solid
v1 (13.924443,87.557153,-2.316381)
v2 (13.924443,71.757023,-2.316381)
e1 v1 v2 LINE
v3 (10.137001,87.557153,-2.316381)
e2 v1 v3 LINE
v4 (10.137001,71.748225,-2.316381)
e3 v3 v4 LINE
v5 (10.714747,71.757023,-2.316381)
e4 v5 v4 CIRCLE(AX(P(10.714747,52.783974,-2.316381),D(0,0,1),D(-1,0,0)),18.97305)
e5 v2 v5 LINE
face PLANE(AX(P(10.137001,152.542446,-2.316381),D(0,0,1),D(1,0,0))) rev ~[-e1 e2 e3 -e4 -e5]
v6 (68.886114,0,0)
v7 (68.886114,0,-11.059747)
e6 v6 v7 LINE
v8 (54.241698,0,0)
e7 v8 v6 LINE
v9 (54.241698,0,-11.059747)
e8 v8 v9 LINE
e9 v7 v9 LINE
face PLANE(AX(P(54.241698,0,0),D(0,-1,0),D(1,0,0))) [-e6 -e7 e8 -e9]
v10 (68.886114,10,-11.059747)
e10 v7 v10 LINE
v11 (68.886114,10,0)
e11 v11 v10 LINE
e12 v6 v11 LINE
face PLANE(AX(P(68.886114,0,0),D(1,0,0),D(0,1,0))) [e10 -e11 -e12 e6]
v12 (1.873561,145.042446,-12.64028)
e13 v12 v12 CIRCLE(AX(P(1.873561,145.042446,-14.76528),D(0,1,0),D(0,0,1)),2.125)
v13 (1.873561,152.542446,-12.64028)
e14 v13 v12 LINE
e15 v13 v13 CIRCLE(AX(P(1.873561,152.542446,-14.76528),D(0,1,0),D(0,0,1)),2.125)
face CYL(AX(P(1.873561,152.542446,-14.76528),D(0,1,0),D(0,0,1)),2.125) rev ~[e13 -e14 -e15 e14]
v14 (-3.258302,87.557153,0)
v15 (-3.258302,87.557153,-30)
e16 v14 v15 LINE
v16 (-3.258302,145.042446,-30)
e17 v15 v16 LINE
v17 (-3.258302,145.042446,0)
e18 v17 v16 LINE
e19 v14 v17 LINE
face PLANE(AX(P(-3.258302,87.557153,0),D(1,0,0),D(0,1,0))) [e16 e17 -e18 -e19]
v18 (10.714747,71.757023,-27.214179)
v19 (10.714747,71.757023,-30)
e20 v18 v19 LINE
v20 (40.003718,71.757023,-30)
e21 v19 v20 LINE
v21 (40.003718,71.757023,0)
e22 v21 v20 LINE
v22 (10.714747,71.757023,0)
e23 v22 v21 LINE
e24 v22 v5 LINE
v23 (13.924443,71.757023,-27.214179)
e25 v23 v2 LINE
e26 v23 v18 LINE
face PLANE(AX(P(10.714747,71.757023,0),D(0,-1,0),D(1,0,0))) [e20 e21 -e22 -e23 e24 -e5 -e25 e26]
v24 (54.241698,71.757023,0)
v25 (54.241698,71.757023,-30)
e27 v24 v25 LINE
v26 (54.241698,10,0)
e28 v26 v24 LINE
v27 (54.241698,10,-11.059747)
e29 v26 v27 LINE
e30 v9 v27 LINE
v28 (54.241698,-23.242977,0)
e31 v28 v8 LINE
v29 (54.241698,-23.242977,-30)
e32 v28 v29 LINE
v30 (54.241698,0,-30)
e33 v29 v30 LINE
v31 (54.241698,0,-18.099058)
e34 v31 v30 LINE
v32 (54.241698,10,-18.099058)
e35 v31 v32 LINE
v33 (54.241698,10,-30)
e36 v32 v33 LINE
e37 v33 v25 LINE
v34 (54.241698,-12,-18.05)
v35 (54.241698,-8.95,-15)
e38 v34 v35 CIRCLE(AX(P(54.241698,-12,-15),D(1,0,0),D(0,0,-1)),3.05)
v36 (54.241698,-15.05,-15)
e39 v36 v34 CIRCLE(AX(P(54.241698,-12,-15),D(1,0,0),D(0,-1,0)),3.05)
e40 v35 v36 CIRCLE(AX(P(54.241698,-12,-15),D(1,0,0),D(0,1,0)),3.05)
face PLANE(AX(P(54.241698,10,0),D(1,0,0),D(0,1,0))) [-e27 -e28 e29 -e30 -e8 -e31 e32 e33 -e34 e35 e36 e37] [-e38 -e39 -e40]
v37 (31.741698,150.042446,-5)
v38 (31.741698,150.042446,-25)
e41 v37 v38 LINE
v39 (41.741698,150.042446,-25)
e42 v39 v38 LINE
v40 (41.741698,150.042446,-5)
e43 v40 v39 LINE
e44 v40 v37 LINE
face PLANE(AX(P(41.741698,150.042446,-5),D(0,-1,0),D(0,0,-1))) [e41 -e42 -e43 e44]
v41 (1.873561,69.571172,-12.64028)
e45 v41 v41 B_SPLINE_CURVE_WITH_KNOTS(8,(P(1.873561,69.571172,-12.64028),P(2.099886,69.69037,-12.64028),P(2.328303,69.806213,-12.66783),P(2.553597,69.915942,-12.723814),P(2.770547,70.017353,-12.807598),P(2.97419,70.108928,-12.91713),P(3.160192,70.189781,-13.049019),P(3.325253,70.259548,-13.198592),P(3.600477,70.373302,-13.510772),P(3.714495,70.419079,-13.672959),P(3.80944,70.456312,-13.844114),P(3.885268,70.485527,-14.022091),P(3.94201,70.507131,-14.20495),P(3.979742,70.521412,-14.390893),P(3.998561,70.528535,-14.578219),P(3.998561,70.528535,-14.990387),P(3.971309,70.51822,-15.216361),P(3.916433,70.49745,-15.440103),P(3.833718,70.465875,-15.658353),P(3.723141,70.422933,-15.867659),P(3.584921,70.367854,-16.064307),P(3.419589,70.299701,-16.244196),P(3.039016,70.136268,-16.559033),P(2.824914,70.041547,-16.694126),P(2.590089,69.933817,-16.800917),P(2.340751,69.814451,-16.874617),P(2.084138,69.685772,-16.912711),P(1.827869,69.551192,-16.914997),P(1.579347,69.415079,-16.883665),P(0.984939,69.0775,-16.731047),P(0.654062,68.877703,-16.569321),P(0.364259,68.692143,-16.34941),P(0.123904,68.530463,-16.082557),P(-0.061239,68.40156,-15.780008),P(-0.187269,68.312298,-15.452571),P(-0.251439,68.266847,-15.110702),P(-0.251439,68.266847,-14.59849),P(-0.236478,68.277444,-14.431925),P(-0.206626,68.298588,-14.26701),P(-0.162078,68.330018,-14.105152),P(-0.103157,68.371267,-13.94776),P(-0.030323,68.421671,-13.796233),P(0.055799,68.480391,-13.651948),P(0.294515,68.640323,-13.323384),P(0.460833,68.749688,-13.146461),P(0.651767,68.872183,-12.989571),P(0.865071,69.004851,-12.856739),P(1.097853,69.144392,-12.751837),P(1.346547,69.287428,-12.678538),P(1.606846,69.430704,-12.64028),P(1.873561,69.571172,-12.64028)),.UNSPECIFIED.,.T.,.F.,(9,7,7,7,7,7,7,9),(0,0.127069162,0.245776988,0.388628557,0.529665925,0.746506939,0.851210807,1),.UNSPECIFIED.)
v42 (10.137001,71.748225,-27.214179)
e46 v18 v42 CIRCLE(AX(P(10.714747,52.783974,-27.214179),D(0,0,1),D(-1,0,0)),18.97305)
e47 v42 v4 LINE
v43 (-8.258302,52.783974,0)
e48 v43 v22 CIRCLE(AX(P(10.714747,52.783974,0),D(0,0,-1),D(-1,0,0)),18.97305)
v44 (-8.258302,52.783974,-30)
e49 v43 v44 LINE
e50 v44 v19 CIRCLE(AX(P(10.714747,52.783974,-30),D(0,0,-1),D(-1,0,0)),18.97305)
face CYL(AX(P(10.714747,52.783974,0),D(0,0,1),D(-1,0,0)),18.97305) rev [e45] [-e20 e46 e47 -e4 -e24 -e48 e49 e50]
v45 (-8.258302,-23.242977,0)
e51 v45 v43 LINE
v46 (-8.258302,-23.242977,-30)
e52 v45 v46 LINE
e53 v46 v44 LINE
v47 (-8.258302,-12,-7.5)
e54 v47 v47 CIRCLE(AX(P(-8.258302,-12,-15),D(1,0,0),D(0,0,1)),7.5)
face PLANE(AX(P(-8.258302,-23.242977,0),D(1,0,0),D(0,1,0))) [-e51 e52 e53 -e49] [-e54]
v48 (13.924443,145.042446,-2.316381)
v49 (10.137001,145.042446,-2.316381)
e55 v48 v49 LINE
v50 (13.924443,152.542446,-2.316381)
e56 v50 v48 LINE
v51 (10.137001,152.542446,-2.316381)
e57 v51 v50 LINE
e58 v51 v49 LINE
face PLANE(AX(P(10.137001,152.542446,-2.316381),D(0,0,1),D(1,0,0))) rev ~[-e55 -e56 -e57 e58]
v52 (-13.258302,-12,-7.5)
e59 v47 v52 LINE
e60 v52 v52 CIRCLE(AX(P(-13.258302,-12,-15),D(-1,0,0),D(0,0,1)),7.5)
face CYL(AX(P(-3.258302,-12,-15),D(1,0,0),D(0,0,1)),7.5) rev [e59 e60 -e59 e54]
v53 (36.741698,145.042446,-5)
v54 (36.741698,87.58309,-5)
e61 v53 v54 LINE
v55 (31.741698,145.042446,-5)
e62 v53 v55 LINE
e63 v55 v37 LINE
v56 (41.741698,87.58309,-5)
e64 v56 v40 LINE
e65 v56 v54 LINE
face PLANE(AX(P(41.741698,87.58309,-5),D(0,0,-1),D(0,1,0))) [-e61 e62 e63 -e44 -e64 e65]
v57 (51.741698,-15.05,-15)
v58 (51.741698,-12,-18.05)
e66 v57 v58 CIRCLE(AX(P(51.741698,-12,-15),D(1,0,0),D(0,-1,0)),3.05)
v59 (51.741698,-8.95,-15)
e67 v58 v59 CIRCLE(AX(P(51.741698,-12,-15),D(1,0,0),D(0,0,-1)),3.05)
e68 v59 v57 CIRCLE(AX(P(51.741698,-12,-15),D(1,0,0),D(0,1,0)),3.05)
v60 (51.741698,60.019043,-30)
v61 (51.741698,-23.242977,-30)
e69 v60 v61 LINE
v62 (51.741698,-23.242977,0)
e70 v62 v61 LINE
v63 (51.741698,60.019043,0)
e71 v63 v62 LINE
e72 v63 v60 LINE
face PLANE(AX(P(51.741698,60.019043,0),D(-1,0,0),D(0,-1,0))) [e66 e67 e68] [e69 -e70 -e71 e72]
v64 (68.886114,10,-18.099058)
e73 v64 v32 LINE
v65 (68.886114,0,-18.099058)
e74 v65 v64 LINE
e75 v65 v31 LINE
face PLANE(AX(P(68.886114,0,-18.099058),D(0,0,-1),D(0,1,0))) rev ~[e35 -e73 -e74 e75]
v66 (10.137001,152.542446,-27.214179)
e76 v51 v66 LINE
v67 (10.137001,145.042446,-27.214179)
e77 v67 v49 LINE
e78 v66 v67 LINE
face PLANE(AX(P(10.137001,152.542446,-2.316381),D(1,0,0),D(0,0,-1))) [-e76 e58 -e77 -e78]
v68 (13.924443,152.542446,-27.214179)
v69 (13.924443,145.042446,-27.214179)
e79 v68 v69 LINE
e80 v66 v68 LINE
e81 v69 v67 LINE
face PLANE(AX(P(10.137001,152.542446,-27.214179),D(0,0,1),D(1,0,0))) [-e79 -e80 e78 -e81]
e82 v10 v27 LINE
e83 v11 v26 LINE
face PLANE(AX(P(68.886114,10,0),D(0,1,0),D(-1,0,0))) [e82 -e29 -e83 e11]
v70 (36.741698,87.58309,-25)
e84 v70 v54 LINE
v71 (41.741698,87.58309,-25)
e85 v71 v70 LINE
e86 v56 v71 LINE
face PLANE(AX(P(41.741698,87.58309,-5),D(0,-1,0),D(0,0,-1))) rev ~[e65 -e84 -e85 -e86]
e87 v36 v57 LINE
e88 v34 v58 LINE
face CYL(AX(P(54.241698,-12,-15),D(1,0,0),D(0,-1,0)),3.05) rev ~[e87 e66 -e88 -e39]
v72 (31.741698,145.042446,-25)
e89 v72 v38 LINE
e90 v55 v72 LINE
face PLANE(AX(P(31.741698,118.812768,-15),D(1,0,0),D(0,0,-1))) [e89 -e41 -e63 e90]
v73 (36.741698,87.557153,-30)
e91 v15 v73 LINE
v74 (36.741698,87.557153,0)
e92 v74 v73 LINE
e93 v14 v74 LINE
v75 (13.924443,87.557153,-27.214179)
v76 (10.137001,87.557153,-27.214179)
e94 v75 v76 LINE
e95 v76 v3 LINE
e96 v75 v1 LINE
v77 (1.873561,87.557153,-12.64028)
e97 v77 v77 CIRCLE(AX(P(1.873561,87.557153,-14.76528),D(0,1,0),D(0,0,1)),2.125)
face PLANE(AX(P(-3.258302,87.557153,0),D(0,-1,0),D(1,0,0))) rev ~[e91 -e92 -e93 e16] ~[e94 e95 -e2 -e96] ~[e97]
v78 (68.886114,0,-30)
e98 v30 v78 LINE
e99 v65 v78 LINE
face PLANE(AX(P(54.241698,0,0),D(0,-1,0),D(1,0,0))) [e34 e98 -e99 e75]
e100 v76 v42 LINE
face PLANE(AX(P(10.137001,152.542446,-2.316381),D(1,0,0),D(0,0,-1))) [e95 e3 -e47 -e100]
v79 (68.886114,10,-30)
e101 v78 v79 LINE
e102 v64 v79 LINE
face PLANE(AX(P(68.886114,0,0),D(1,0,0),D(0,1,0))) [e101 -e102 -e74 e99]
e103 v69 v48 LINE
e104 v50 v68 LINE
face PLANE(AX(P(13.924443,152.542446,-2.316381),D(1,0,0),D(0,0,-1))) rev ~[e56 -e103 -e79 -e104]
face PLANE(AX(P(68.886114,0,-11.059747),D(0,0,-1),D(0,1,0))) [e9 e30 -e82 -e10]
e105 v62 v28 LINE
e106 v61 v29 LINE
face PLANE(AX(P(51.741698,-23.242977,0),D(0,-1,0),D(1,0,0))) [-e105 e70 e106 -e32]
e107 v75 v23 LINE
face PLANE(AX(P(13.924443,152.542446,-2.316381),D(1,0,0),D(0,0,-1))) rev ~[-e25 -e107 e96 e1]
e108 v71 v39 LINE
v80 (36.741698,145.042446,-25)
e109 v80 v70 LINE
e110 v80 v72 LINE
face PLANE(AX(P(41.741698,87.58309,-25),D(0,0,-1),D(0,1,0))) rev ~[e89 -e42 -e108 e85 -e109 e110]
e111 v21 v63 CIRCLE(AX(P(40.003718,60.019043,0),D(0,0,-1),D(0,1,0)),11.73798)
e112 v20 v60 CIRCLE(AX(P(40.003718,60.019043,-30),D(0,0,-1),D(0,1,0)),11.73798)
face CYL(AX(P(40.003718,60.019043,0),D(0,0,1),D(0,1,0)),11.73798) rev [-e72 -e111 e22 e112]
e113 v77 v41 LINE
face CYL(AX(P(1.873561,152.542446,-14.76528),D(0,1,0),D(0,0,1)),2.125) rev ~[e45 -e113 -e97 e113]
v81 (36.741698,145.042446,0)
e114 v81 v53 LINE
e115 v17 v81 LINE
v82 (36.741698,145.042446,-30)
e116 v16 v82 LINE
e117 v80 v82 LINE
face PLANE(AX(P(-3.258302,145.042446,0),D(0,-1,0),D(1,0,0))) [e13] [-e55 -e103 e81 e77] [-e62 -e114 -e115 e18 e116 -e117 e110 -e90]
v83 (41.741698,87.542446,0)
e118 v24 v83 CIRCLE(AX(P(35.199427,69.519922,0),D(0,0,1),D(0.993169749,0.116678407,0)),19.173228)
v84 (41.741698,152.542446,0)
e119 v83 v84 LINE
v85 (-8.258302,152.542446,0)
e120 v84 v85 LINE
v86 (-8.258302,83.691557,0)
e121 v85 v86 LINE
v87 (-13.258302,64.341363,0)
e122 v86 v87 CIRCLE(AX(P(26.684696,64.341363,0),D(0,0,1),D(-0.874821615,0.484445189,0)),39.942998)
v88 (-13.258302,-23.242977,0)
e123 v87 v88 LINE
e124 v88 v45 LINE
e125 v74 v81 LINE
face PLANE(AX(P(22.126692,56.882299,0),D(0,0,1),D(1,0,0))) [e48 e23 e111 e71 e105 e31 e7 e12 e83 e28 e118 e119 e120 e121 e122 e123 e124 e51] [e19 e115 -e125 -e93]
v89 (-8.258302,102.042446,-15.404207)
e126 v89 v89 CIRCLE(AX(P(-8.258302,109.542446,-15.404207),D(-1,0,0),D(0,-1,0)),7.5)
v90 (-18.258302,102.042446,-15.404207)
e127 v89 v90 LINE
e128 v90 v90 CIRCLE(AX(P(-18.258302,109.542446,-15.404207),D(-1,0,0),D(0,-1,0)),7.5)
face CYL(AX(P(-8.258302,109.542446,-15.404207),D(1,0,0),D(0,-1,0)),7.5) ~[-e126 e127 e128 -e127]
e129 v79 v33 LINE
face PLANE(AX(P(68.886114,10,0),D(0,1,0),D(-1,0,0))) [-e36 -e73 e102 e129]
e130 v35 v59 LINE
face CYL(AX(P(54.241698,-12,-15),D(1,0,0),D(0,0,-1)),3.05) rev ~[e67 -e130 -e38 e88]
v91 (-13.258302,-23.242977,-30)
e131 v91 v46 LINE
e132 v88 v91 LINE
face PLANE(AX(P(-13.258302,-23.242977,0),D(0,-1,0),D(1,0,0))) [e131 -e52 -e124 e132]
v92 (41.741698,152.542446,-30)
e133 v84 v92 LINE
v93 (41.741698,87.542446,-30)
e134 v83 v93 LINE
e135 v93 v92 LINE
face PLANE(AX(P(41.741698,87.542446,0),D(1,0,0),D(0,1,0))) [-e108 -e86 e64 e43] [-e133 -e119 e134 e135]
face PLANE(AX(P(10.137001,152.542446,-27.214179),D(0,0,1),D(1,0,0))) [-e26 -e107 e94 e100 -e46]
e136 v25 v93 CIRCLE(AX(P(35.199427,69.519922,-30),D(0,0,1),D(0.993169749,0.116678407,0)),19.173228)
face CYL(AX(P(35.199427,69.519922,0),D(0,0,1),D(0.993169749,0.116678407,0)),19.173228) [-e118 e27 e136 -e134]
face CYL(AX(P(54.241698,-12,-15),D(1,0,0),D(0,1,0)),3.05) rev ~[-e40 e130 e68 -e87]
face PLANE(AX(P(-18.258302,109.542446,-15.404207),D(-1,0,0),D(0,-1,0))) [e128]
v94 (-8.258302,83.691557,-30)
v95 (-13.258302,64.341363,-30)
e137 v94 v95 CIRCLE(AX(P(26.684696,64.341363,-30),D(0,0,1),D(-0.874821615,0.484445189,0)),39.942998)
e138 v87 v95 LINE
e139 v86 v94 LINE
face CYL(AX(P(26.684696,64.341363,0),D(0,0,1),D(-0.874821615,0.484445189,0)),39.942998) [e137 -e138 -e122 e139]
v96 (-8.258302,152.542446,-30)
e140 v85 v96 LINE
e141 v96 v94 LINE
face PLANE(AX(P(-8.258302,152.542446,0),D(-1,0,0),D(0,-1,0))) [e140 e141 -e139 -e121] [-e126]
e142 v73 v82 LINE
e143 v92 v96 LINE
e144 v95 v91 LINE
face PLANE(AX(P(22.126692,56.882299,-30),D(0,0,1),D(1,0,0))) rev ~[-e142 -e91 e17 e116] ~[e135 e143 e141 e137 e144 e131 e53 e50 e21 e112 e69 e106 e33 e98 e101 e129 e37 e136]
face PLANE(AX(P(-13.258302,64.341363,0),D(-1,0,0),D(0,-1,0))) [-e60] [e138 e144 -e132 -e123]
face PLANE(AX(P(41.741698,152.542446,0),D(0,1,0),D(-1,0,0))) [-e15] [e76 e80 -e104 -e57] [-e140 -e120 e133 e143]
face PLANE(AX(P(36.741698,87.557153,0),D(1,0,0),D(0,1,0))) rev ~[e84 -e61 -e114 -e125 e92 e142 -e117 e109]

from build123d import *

# Parameters (mm, degrees)
BOSS_EXTRUDE1_DEPTH = 30
SKETCH8_W           = 20
SKETCH8_H           = 62.459356161
CUT_EXTRUDE10_DEPTH = 10
SKETCH9_W           = 40
SKETCH9_H           = 57.485293174
CUT_EXTRUDE11_DEPTH = 171.042625644
SKETCH10_W          = 3.787442447
SKETCH10_H          = 24.89779836
CUT_EXTRUDE12_DEPTH = 192.169588314
SKETCH11_R          = 7.5
BOSS_EXTRUDE3_DEPTH = 10
SKETCH13_W          = 7.039311569
SKETCH13_H          = 10
CUT_EXTRUDE13_DEPTH = 14.644416288
CUT_EXTRUDE14_DEPTH = 10
CUT_EXTRUDE15_START = -10
SKETCH15_R          = 7.5
SKETCH15_R_2        = 3.05
CUT_EXTRUDE15_DEPTH = 10
SKETCH16_R          = 2.125
CUT_EXTRUDE16_DEPTH = 192.169588314


with BuildPart() as part:
    # Sketch1 → Boss-Extrude1 (new body)
    with BuildSketch(Plane.XY):
        with BuildLine():
            Line((-13.258302459, -23.24297657), (-8.258302459, -23.24297657))
            Line((-8.258302459, -23.24297657), (-8.258302459, 52.783973791))
            ThreePointArc((-8.258302459, 52.783973791), (-2.701224879, 66.199945851), (10.714747181, 71.75702343))
            Line((10.714747181, 71.75702343), (40.003717522, 71.75702343))
            ThreePointArc((40.003717522, 71.75702343), (48.303722791, 68.31904868), (51.741697541, 60.019043411))
            Line((51.741697541, 60.019043411), (51.741697541, -23.24297657))
            Line((51.741697541, -23.24297657), (54.241697541, -23.24297657))
            Line((54.241697541, -23.24297657), (54.241697541, 0))
            Line((54.241697541, 0), (68.88611383, 0))
            Line((68.88611383, 0), (68.88611383, 10))
            Line((68.88611383, 10), (54.241697541, 10))
            Line((54.241697541, 10), (54.241697541, 71.75702343))
            ThreePointArc((54.241697541, 71.75702343), (50.23063048, 81.422678209), (41.741697541, 87.542446084))
            Line((41.741697541, 87.542446084), (41.741697541, 152.542446084))
            Line((41.741697541, 152.542446084), (-8.258302459, 152.542446084))
            Line((-8.258302459, 152.542446084), (-8.258302459, 83.691556541))
            ThreePointArc((-8.258302459, 83.691556541), (-11.988106196, 74.334235436), (-13.258302459, 64.341363194))
            Line((-13.258302459, 64.341363194), (-13.258302459, -23.24297657))
        make_face()
    extrude(amount=-BOSS_EXTRUDE1_DEPTH)

    # Sketch8 → Cut-Extrude10 (cut)
    with BuildSketch(Plane(origin=(41.741697541, 0, 0), x_dir=(0, 0, -1), z_dir=(1, 0, 0))):
        with Locations((15, 118.812768003)):
            Rectangle(SKETCH8_W, SKETCH8_H)
    extrude(amount=-CUT_EXTRUDE10_DEPTH, mode=Mode.SUBTRACT)

    # Sketch9 → Cut-Extrude11 (cut, through all)
    with BuildSketch(Plane.XY):
        with Locations((16.741697541, 116.299799497)):
            Rectangle(SKETCH9_W, SKETCH9_H)
    extrude(amount=-CUT_EXTRUDE11_DEPTH, mode=Mode.SUBTRACT)

    # Sketch10 → Cut-Extrude12 (cut, through all)
    with BuildSketch(Plane(origin=(0, 152.542446084, 0), x_dir=(1, 0, 0), z_dir=(0, 1, 0))):
        with Locations((12.030722262, 14.765280162)):
            Rectangle(SKETCH10_W, SKETCH10_H)
    extrude(amount=-CUT_EXTRUDE12_DEPTH, mode=Mode.SUBTRACT)

    # Sketch11 → Boss-Extrude3 (add)
    with BuildSketch(Plane.ZY.offset(8.258302459)):
        with Locations(Location((-15.40420704, 109.542446084, 0), (0, 0, 270))):
            Circle(SKETCH11_R)
    extrude(amount=BOSS_EXTRUDE3_DEPTH)

    # Sketch13 → Cut-Extrude13 (cut)
    with BuildSketch(Plane(origin=(68.88611383, 0, 0), x_dir=(0, 0, -1), z_dir=(1, 0, 0))):
        with Locations((14.579402423, 5)):
            Rectangle(SKETCH13_W, SKETCH13_H)
    extrude(amount=-CUT_EXTRUDE13_DEPTH, mode=Mode.SUBTRACT)

    # Sketch14 → Cut-Extrude14 (cut)
    with BuildSketch(Plane(origin=(54.241697541, 0, 0), x_dir=(0, 0, -1), z_dir=(1, 0, 0))):
        with BuildLine():
            ThreePointArc((15, -8.95), (11.95, -12), (15, -15.05))
            Line((15, -15.05), (15, -8.95))
        make_face()
        with BuildLine():
            Line((15, -8.95), (15, -15.05))
            ThreePointArc((15, -15.05), (17.156675683, -14.156675683), (18.05, -12))
            ThreePointArc((18.05, -12), (17.156675683, -9.843324317), (15, -8.95))
        make_face()
    extrude(amount=-CUT_EXTRUDE14_DEPTH, mode=Mode.SUBTRACT)

    # Sketch15 → Cut-Extrude15 (cut)
    # profile 1 of 2: a face of its own
    with BuildSketch(Plane.ZY.offset(13.258302459).offset(CUT_EXTRUDE15_START)):
        with Locations((-15, -12)):
            Circle(SKETCH15_R)
        with Locations(Location((-15, -12, 0), (0, 0, 180))):
            Circle(SKETCH15_R_2, mode=Mode.SUBTRACT)
    # profile 2 of 2: a face of its own
    with BuildSketch(Plane.ZY.offset(13.258302459).offset(CUT_EXTRUDE15_START)):
        with Locations(Location((-15, -12, 0), (0, 0, 180))):
            Circle(SKETCH15_R_2)
    extrude(amount=CUT_EXTRUDE15_DEPTH, mode=Mode.SUBTRACT)

    # Sketch16 → Cut-Extrude16 (cut, through all)
    with BuildSketch(Plane(origin=(0, 152.542446084, 0), x_dir=(1, 0, 0), z_dir=(0, 1, 0))):
        with Locations(Location((1.873560728, 14.765280162, 0), (0, 0, 270))):
            Circle(SKETCH16_R)
    extrude(amount=-CUT_EXTRUDE16_DEPTH, mode=Mode.SUBTRACT)


solid = part.part
